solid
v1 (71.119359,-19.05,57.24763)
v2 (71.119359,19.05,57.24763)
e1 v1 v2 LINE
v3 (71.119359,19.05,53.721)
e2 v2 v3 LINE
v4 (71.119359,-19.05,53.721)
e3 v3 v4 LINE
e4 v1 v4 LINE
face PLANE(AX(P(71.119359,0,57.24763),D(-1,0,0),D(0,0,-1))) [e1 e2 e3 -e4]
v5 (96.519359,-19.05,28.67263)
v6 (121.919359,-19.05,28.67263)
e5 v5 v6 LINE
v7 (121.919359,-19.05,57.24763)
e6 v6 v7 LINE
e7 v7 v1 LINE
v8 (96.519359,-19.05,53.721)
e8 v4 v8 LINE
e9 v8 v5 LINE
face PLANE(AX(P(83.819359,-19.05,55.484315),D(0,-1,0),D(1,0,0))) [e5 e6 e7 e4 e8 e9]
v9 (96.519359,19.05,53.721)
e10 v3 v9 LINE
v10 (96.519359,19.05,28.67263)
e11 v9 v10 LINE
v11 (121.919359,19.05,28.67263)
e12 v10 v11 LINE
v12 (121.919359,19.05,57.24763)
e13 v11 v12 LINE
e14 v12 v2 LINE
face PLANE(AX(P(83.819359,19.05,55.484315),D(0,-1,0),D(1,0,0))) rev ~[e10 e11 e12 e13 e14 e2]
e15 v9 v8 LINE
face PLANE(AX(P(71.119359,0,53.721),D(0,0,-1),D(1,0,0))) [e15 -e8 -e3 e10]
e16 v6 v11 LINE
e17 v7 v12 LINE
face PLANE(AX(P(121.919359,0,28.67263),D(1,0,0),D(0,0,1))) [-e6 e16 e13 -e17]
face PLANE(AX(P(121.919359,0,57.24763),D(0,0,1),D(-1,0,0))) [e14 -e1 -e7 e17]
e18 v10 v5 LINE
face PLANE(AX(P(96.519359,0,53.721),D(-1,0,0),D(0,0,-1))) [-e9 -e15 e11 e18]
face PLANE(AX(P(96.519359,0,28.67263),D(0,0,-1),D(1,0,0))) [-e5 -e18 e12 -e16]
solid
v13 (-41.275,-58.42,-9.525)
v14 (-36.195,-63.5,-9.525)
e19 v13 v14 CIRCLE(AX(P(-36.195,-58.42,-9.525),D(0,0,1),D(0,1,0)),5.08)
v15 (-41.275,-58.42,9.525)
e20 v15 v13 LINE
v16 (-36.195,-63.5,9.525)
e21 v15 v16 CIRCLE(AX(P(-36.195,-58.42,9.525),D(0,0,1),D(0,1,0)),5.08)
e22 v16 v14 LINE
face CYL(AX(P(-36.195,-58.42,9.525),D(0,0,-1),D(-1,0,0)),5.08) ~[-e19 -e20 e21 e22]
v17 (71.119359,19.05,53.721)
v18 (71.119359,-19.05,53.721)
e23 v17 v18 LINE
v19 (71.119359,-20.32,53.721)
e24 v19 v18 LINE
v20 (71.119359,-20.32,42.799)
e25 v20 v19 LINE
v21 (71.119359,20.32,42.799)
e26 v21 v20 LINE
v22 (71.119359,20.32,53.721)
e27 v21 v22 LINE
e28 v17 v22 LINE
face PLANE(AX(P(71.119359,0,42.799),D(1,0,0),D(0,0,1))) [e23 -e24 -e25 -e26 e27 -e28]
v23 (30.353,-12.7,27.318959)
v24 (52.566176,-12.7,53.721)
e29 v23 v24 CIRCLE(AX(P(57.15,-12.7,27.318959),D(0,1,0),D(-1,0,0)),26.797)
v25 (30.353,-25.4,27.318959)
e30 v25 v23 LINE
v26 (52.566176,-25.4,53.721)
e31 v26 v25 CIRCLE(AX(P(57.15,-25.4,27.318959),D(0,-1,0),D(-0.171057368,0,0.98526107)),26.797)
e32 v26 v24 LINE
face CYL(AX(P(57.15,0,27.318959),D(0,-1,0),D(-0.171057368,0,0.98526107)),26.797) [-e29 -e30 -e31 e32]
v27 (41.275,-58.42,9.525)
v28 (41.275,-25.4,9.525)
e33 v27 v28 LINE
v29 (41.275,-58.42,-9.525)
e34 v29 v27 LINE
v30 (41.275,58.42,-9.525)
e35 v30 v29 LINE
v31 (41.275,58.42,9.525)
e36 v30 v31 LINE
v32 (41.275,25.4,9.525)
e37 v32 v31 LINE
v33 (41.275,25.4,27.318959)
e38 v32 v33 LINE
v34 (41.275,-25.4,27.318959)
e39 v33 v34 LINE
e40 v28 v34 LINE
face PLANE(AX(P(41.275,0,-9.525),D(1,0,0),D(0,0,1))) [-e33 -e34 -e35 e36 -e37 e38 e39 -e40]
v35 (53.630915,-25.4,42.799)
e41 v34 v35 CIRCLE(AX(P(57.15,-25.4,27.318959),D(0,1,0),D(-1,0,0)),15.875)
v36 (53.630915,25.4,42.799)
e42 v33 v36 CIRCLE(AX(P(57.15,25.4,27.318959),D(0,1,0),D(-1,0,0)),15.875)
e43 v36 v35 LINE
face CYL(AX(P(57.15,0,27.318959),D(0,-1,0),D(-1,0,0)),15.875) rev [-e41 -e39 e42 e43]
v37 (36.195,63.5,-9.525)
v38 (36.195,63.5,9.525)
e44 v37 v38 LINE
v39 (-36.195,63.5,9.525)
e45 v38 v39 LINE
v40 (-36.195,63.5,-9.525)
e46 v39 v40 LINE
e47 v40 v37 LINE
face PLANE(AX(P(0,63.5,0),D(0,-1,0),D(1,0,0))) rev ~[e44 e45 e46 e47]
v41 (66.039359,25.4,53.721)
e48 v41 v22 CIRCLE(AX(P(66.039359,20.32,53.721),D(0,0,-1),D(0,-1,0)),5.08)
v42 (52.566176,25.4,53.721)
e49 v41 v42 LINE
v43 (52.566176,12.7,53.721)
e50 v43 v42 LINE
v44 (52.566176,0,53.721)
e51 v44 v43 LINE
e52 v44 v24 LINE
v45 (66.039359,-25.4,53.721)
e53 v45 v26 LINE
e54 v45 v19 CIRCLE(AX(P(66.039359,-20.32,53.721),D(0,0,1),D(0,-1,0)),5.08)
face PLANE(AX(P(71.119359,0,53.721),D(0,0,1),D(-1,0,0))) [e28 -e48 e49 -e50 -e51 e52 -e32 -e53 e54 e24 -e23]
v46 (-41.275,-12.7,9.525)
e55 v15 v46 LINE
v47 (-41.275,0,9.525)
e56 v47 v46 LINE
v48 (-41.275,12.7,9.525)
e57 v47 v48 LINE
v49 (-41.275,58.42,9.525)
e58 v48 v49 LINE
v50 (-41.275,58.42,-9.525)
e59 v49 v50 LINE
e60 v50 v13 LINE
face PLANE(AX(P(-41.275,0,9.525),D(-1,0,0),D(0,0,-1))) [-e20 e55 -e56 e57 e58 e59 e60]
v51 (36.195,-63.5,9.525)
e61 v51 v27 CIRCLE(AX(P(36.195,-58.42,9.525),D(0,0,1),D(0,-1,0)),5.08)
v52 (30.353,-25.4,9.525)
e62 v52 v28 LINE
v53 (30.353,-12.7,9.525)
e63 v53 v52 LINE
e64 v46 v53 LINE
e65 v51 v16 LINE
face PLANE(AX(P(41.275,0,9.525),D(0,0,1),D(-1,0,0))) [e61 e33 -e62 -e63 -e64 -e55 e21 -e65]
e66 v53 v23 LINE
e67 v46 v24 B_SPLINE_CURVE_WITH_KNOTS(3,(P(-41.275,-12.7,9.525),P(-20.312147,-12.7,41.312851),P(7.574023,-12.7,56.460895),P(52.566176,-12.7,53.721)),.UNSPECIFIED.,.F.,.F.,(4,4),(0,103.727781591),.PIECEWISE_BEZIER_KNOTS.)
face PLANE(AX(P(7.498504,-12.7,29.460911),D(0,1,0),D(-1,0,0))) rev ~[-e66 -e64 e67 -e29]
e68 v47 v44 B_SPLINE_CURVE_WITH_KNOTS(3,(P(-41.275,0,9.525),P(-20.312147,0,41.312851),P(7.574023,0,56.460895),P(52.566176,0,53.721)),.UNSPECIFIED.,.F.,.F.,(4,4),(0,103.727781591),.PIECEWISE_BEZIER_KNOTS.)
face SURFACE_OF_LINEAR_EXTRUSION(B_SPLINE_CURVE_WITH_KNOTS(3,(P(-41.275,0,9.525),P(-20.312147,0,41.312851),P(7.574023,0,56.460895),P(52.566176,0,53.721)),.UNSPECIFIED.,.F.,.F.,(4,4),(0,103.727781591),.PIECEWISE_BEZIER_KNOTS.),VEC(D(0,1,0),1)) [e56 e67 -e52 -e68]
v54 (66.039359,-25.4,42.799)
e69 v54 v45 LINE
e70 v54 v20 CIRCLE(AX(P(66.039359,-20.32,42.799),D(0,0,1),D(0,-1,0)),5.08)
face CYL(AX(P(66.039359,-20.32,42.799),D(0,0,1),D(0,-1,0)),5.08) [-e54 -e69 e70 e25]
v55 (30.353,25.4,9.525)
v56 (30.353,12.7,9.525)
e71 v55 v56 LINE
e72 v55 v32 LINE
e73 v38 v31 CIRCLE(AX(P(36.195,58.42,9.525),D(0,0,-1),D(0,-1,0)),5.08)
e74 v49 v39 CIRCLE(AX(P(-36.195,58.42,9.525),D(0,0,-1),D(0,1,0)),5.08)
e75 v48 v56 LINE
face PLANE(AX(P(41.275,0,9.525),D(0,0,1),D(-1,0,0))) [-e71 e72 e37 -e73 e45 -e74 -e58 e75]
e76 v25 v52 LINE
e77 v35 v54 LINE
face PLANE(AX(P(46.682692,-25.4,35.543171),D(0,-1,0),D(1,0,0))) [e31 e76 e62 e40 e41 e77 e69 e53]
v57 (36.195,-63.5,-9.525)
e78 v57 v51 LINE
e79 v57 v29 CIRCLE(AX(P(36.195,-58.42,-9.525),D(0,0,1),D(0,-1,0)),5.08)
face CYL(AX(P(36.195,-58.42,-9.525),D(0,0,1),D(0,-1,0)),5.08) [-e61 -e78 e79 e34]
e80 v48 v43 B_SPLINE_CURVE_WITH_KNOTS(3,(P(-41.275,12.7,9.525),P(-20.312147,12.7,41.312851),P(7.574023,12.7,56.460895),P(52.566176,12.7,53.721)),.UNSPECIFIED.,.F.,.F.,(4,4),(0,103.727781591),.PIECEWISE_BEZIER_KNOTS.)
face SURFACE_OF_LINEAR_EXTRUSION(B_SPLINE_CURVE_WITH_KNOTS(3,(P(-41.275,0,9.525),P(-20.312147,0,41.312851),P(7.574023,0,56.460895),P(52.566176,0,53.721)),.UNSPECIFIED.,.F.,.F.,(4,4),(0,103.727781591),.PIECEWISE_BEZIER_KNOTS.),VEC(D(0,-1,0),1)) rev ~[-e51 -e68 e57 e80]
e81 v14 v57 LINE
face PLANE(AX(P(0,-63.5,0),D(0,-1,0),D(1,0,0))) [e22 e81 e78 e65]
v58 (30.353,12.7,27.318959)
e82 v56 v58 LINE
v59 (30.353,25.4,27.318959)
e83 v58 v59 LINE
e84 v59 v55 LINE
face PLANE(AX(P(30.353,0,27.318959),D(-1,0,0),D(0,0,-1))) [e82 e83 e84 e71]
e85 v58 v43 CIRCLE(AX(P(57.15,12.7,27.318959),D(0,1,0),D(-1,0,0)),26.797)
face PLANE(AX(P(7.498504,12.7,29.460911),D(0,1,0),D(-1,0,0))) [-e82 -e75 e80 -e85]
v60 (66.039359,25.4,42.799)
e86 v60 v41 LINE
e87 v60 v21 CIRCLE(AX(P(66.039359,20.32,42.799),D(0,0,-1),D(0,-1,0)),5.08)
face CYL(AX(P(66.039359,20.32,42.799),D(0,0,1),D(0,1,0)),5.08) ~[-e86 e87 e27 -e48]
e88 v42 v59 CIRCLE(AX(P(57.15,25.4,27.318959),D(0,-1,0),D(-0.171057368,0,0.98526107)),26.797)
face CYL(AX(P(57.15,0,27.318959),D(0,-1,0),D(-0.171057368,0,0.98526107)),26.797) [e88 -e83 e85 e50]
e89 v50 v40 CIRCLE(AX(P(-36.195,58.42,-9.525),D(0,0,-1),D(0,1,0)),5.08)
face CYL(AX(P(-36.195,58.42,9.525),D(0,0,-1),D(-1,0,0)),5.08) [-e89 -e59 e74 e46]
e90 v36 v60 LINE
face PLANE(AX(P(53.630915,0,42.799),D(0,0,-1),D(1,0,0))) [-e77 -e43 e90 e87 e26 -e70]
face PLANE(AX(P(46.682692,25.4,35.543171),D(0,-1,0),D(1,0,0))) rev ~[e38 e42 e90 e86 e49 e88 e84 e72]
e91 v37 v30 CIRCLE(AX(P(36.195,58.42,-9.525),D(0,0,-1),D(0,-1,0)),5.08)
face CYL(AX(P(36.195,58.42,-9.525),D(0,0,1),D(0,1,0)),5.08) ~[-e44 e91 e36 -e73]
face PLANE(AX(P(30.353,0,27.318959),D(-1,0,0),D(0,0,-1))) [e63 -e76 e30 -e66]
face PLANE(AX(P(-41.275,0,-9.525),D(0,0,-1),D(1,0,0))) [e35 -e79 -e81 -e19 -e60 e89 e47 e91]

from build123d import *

# Parameters (mm, degrees)
F1_DEPTH = 63.5
F2_DEPTH = 25.4
F3_DEPTH = 12.7
F4_DEPTH = 19.05
F5_R     = 5.08


with BuildPart() as f1:
    # F0 (on Front) → F1 (new body, symmetric)
    with BuildSketch(Plane.XZ):
        Polygon((30.353, 9.525), (-41.275, 9.525), (-41.275, -9.525), (41.275, -9.525), (41.275, 9.525), align=None)
    extrude(amount=F1_DEPTH, both=True)

    # F0 (on Front) → F2 (join, symmetric)
    with BuildSketch(Plane.XZ):
        with BuildLine():
            Line((30.353, 27.3189590971), (30.353, 9.525))
            Line((30.353, 9.525), (41.275, 9.525))
            Line((41.275, 9.525), (41.275, 27.3189590971))
            ThreePointArc((41.275, 27.3189590971), (44.7427219335, 37.2222452174), (53.6309150841, 42.799))
            Line((53.6309150841, 42.799), (71.1193587124, 42.799))
            Line((71.1193587124, 42.799), (71.1193587124, 53.721))
            Line((71.1193587124, 53.721), (52.5661757055, 53.721))
            ThreePointArc((52.5661757055, 53.721), (36.6449768518, 44.5707194331), (30.353, 27.3189590971))
        make_face()
    extrude(amount=F2_DEPTH, both=True)

    # F0 (on Front) → F3 (join, symmetric)
    with BuildSketch(Plane.XZ):
        with BuildLine():
            add(Edge.make_bspline(
                [(-41.275, 9.525), (-20.312147215, 41.3128510118), (7.5740232132, 56.4608946443), (52.5661757055, 53.721)],
                knots=[0, 0, 0, 0, 103.727781591, 103.727781591, 103.727781591, 103.727781591], degree=3))
            Line((-41.275, 9.525), (30.353, 9.525))
            Line((30.353, 9.525), (30.353, 27.3189590971))
            ThreePointArc((30.353, 27.3189590971), (36.6449768518, 44.5707194331), (52.5661757055, 53.721))
        make_face()
    extrude(amount=F3_DEPTH, both=True)

    # F0 (on Front) → F4 (join, symmetric)
    with BuildSketch(Plane.XZ):
        Polygon((71.1193587124, 57.2476304275), (71.1193587124, 53.721), (83.4788307548, 53.721), (85.725, 53.721), (96.5193587124, 53.721), (96.5193587124, 57.2476304275), align=None)
        Polygon((121.9193587124, 57.2476304275), (96.5193587124, 57.2476304275), (96.5193587124, 53.721), (96.5193587124, 42.9601304275), (96.5193587124, 28.6726304275), (121.9193587124, 28.6726304275), align=None)
    extrude(amount=F4_DEPTH, both=True)

    # F5
    f5_edges = [f1.edges().sort_by_distance(p)[0] for p in [
        (-41.275, -63.5, 0),
        (41.275, -63.5, 0),
        (-41.275, 63.5, 0),
        (41.275, 63.5, 0),
        (71.119359, 25.4, 48.26),
        (71.119359, -25.4, 48.26),
    ]]
    fillet(f5_edges, radius=F5_R)


solid = f1.part
